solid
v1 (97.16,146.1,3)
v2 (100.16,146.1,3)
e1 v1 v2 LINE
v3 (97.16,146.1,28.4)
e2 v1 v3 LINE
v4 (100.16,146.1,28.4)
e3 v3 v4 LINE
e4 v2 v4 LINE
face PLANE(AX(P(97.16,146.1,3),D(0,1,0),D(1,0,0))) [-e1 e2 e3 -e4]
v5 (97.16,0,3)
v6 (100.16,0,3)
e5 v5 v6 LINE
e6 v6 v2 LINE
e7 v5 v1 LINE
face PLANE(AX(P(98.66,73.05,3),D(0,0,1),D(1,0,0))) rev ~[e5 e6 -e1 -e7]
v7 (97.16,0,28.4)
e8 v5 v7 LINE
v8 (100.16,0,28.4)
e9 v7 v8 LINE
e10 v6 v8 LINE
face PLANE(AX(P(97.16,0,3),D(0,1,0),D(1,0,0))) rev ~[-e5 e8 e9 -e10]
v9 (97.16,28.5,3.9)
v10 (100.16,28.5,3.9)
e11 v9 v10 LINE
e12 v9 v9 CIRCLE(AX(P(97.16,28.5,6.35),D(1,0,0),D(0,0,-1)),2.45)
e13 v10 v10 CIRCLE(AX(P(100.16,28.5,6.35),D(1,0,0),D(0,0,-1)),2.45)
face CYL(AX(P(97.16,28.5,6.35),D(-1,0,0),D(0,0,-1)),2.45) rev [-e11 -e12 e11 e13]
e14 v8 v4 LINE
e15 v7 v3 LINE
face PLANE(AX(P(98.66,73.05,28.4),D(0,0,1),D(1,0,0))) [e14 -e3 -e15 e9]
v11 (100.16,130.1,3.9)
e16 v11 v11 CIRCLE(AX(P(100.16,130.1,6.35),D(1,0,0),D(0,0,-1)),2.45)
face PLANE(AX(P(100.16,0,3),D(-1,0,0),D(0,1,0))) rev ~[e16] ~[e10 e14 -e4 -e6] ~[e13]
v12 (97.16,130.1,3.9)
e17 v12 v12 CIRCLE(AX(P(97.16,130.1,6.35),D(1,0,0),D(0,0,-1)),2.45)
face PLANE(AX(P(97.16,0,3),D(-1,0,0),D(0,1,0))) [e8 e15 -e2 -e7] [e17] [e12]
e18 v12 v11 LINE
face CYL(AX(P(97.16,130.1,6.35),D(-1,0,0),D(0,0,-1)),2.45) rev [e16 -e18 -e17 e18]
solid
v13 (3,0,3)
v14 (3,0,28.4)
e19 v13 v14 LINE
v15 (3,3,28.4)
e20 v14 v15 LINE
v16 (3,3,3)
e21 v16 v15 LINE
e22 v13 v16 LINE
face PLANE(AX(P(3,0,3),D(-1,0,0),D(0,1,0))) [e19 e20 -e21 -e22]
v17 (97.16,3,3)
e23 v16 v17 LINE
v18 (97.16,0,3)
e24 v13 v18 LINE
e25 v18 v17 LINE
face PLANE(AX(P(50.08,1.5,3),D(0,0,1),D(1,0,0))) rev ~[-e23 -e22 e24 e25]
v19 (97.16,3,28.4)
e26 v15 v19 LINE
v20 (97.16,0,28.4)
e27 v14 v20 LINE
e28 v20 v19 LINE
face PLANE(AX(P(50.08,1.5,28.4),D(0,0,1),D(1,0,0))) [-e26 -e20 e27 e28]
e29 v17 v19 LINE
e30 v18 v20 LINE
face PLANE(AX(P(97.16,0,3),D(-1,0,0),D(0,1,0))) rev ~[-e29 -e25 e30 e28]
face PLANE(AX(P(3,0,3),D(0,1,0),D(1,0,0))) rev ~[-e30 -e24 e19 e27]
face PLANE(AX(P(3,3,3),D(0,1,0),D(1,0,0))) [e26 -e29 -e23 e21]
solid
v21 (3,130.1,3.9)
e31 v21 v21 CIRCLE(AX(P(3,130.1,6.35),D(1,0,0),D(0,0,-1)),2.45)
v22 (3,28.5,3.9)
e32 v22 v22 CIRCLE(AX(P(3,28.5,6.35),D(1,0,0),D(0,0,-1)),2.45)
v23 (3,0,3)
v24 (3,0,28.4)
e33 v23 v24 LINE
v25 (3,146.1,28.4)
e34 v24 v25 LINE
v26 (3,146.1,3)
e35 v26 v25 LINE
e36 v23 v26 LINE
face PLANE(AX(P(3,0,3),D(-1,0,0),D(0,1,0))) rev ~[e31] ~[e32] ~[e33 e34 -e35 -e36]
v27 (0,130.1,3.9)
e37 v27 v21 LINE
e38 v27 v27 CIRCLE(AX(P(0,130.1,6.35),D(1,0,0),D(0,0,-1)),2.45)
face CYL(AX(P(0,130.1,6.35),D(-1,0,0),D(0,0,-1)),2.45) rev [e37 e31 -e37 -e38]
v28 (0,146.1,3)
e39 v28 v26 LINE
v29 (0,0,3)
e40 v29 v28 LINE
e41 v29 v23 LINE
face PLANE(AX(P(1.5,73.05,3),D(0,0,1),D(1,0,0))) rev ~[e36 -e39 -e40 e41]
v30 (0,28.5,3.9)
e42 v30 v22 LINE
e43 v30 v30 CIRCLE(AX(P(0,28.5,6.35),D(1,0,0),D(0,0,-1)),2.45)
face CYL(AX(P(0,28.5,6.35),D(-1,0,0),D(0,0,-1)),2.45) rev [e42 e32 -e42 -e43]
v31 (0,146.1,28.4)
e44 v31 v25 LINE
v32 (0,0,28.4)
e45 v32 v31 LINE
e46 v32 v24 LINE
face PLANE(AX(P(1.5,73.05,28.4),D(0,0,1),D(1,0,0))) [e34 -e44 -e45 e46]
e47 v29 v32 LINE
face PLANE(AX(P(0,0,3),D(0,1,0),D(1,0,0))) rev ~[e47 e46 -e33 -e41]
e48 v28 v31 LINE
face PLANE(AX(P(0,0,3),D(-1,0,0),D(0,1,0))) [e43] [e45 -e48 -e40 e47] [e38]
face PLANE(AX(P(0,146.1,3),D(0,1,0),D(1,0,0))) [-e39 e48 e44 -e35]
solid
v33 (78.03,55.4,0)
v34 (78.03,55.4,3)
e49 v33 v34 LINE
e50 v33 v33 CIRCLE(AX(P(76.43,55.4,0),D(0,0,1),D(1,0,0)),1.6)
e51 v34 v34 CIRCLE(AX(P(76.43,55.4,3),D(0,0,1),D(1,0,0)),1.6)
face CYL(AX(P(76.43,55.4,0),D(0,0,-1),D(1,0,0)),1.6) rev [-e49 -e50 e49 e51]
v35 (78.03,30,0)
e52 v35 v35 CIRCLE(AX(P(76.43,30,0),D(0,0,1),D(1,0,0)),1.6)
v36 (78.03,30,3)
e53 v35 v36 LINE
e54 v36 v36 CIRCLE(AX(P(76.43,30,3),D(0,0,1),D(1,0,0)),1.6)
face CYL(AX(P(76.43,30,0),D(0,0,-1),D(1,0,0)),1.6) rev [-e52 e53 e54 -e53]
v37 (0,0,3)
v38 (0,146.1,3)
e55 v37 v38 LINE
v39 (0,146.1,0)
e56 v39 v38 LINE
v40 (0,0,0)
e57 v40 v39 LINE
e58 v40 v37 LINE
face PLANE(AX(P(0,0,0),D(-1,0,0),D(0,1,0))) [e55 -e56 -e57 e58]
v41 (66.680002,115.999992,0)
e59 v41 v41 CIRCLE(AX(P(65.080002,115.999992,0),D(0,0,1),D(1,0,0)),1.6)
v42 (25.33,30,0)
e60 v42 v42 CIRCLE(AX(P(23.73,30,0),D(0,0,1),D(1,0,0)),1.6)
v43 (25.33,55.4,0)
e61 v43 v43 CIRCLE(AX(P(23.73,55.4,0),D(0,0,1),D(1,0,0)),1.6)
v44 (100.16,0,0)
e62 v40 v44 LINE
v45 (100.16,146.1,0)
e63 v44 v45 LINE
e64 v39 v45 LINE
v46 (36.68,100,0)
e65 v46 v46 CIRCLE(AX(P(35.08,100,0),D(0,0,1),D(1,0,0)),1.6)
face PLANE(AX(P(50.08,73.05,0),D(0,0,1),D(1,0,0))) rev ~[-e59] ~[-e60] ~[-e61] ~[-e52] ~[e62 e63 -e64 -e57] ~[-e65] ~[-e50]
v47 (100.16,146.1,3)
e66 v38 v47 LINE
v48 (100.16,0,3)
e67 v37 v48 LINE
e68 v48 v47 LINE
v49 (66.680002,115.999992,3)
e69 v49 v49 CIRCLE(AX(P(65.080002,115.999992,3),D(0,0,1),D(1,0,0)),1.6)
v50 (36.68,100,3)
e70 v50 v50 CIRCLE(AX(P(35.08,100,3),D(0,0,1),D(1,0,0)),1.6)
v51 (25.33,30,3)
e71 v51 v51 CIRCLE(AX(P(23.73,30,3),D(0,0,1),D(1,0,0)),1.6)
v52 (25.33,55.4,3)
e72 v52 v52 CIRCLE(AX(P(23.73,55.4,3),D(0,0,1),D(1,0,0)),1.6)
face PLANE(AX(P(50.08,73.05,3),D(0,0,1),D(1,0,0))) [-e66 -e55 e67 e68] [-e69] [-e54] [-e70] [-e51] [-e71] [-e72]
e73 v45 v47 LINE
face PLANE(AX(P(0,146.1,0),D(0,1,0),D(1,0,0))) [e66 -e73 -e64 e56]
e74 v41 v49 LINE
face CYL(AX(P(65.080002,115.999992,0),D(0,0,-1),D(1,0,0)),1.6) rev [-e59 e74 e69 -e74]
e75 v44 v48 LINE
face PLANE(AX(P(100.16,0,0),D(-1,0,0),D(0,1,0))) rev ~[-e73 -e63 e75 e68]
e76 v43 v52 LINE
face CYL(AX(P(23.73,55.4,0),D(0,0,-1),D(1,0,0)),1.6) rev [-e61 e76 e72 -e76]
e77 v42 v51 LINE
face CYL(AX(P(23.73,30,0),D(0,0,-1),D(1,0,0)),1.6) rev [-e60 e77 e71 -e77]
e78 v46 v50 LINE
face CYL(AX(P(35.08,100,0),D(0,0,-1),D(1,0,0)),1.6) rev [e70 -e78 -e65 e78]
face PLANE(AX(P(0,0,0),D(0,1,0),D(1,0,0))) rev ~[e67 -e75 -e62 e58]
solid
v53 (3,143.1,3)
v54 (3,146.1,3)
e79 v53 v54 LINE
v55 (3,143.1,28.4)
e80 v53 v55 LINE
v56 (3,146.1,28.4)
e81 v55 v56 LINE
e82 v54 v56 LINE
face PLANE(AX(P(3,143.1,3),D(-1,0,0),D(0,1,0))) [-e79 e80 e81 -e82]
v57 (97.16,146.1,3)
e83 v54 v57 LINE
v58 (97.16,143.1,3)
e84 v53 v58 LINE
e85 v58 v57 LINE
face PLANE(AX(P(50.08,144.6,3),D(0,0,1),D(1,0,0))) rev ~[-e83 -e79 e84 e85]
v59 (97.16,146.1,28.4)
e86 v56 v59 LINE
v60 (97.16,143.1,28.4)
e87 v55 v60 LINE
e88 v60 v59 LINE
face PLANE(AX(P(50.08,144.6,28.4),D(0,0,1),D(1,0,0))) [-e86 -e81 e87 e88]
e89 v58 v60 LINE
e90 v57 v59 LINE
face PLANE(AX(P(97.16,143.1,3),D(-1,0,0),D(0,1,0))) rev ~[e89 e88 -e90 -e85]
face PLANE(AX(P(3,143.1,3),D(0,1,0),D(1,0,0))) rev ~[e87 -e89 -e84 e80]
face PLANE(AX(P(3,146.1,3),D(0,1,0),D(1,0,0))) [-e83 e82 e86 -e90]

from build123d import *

# Parameters (mm, degrees)
BOX003_W          = 94.16
BOX003_H          = 3
BOX003_DEPTH      = 25.4
BOX004_W          = 94.16
BOX004_H          = 3
BOX004_DEPTH      = 25.4
CYLINDER002_R     = 1.6
CYLINDER002_DEPTH = 3
ARRAY002_X_COUNT  = 2
ARRAY002_X_PITCH  = 34
CYLINDER001_R     = 1.6
CYLINDER001_DEPTH = 3
ARRAY001_X_COUNT  = 2
ARRAY001_X_PITCH  = 52.7
ARRAY001_Y_COUNT  = 2
ARRAY001_Y_PITCH  = 25.4
BOX_W             = 100.16
BOX_H             = 146.1
BOX_DEPTH         = 3
CYLINDER_R        = 2.45
CYLINDER_DEPTH    = 3
ARRAY_X_COUNT     = 2
ARRAY_X_PITCH     = 97.16
ARRAY_Y_COUNT     = 2
ARRAY_Y_PITCH     = 101.6
BOX002_W          = 3
BOX002_H          = 146.1
BOX002_DEPTH      = 25.4
BOX001_W          = 3
BOX001_H          = 146.1
BOX001_DEPTH      = 25.4


with BuildPart() as front:
    # Box003 → Box003 (new body)
    with BuildSketch(Plane(origin=(3, 0, 3), x_dir=(1, 0, 0), z_dir=(0, 0, 1))):
        with Locations((47.08, 1.5)):
            Rectangle(BOX003_W, BOX003_H)
    extrude(amount=BOX003_DEPTH)


with BuildPart() as back:
    # Box004 → Box004 (new body)
    with BuildSketch(Plane(origin=(3, 143.1, 3), x_dir=(1, 0, 0), z_dir=(0, 0, 1))):
        with Locations((47.08, 1.5)):
            Rectangle(BOX004_W, BOX004_H)
    extrude(amount=BOX004_DEPTH)


with BuildPart() as psuholes:
    # Cylinder002 → Cylinder002 (new body)
    with BuildSketch(Plane.XY):
        Circle(CYLINDER002_R)
    extrude(amount=CYLINDER002_DEPTH)

    # Array002 X: PSUHoles ×2


with BuildPart() as psuholes_1:
    add(psuholes.part)
    with Locations(*[Vector(0.882353, 0.470588, 0) * (i * ARRAY002_X_PITCH) for i in range(1, ARRAY002_X_COUNT)]):
        add(psuholes.part)


with BuildPart() as psuholes_2:
    # Array002 placement: moved
    add(psuholes_1.part.moved(Location((35.08, 100, 0))))


with BuildPart() as holes:
    # Cylinder001 → Cylinder001 (new body)
    with BuildSketch(Plane.XY):
        Circle(CYLINDER001_R)
    extrude(amount=CYLINDER001_DEPTH)

    # Array001 X: holes ×2


with BuildPart() as holes_1:
    add(holes.part)
    with Locations(*[(i * ARRAY001_X_PITCH, 0, 0) for i in range(1, ARRAY001_X_COUNT)]):
        add(holes.part)

    # Array001 Y: holes ×2


with BuildPart() as holes_2:
    add(holes_1.part)
    with Locations(*[(0, i * ARRAY001_Y_PITCH, 0) for i in range(1, ARRAY001_Y_COUNT)]):
        add(holes_1.part)


with BuildPart() as holes_3:
    # Array001 placement: moved
    add(holes_2.part.moved(Location((23.73, 30, 0))))

    # Compound001: union PSUHoles
    add(psuholes_2.part)


with BuildPart() as bottomwithholes:
    # Box → Box (new body)
    with BuildSketch(Plane.XY):
        with Locations((50.08, 73.05)):
            Rectangle(BOX_W, BOX_H)
    extrude(amount=BOX_DEPTH)

    # Cut: cut holes
    add(holes_3.part, mode=Mode.SUBTRACT)


with BuildPart() as mountingholes:
    # Cylinder → Cylinder (new body)
    with BuildSketch(Plane(origin=(0, 28.5, 6.35), x_dir=(0, 0, -1), z_dir=(1, 0, 0))):
        Circle(CYLINDER_R)
    extrude(amount=CYLINDER_DEPTH)

    # Array X: mountingHoles ×2


with BuildPart() as mountingholes_1:
    add(mountingholes.part)
    with Locations(*[(i * ARRAY_X_PITCH, 0, 0) for i in range(1, ARRAY_X_COUNT)]):
        add(mountingholes.part)

    # Array Y: mountingHoles ×2


with BuildPart() as mountingholes_2:
    add(mountingholes_1.part)
    with Locations(*[(0, i * ARRAY_Y_PITCH, 0) for i in range(1, ARRAY_Y_COUNT)]):
        add(mountingholes_1.part)


with BuildPart() as sideb:
    # Box002 → Box002 (new body)
    with BuildSketch(Plane(origin=(97.16, 0, 3), x_dir=(1, 0, 0), z_dir=(0, 0, 1))):
        with Locations((1.5, 73.05)):
            Rectangle(BOX002_W, BOX002_H)
    extrude(amount=BOX002_DEPTH)


with BuildPart() as sideswithholes:
    # Box001 → Box001 (new body)
    with BuildSketch(Plane.XY.offset(3)):
        with Locations((1.5, 73.05)):
            Rectangle(BOX001_W, BOX001_H)
    extrude(amount=BOX001_DEPTH)

    # Compound002: union sideB
    add(sideb.part)

    # Cut001: cut mountingHoles
    add(mountingholes_2.part, mode=Mode.SUBTRACT)


solid = Compound([front.part, back.part, bottomwithholes.part, sideswithholes.part])
